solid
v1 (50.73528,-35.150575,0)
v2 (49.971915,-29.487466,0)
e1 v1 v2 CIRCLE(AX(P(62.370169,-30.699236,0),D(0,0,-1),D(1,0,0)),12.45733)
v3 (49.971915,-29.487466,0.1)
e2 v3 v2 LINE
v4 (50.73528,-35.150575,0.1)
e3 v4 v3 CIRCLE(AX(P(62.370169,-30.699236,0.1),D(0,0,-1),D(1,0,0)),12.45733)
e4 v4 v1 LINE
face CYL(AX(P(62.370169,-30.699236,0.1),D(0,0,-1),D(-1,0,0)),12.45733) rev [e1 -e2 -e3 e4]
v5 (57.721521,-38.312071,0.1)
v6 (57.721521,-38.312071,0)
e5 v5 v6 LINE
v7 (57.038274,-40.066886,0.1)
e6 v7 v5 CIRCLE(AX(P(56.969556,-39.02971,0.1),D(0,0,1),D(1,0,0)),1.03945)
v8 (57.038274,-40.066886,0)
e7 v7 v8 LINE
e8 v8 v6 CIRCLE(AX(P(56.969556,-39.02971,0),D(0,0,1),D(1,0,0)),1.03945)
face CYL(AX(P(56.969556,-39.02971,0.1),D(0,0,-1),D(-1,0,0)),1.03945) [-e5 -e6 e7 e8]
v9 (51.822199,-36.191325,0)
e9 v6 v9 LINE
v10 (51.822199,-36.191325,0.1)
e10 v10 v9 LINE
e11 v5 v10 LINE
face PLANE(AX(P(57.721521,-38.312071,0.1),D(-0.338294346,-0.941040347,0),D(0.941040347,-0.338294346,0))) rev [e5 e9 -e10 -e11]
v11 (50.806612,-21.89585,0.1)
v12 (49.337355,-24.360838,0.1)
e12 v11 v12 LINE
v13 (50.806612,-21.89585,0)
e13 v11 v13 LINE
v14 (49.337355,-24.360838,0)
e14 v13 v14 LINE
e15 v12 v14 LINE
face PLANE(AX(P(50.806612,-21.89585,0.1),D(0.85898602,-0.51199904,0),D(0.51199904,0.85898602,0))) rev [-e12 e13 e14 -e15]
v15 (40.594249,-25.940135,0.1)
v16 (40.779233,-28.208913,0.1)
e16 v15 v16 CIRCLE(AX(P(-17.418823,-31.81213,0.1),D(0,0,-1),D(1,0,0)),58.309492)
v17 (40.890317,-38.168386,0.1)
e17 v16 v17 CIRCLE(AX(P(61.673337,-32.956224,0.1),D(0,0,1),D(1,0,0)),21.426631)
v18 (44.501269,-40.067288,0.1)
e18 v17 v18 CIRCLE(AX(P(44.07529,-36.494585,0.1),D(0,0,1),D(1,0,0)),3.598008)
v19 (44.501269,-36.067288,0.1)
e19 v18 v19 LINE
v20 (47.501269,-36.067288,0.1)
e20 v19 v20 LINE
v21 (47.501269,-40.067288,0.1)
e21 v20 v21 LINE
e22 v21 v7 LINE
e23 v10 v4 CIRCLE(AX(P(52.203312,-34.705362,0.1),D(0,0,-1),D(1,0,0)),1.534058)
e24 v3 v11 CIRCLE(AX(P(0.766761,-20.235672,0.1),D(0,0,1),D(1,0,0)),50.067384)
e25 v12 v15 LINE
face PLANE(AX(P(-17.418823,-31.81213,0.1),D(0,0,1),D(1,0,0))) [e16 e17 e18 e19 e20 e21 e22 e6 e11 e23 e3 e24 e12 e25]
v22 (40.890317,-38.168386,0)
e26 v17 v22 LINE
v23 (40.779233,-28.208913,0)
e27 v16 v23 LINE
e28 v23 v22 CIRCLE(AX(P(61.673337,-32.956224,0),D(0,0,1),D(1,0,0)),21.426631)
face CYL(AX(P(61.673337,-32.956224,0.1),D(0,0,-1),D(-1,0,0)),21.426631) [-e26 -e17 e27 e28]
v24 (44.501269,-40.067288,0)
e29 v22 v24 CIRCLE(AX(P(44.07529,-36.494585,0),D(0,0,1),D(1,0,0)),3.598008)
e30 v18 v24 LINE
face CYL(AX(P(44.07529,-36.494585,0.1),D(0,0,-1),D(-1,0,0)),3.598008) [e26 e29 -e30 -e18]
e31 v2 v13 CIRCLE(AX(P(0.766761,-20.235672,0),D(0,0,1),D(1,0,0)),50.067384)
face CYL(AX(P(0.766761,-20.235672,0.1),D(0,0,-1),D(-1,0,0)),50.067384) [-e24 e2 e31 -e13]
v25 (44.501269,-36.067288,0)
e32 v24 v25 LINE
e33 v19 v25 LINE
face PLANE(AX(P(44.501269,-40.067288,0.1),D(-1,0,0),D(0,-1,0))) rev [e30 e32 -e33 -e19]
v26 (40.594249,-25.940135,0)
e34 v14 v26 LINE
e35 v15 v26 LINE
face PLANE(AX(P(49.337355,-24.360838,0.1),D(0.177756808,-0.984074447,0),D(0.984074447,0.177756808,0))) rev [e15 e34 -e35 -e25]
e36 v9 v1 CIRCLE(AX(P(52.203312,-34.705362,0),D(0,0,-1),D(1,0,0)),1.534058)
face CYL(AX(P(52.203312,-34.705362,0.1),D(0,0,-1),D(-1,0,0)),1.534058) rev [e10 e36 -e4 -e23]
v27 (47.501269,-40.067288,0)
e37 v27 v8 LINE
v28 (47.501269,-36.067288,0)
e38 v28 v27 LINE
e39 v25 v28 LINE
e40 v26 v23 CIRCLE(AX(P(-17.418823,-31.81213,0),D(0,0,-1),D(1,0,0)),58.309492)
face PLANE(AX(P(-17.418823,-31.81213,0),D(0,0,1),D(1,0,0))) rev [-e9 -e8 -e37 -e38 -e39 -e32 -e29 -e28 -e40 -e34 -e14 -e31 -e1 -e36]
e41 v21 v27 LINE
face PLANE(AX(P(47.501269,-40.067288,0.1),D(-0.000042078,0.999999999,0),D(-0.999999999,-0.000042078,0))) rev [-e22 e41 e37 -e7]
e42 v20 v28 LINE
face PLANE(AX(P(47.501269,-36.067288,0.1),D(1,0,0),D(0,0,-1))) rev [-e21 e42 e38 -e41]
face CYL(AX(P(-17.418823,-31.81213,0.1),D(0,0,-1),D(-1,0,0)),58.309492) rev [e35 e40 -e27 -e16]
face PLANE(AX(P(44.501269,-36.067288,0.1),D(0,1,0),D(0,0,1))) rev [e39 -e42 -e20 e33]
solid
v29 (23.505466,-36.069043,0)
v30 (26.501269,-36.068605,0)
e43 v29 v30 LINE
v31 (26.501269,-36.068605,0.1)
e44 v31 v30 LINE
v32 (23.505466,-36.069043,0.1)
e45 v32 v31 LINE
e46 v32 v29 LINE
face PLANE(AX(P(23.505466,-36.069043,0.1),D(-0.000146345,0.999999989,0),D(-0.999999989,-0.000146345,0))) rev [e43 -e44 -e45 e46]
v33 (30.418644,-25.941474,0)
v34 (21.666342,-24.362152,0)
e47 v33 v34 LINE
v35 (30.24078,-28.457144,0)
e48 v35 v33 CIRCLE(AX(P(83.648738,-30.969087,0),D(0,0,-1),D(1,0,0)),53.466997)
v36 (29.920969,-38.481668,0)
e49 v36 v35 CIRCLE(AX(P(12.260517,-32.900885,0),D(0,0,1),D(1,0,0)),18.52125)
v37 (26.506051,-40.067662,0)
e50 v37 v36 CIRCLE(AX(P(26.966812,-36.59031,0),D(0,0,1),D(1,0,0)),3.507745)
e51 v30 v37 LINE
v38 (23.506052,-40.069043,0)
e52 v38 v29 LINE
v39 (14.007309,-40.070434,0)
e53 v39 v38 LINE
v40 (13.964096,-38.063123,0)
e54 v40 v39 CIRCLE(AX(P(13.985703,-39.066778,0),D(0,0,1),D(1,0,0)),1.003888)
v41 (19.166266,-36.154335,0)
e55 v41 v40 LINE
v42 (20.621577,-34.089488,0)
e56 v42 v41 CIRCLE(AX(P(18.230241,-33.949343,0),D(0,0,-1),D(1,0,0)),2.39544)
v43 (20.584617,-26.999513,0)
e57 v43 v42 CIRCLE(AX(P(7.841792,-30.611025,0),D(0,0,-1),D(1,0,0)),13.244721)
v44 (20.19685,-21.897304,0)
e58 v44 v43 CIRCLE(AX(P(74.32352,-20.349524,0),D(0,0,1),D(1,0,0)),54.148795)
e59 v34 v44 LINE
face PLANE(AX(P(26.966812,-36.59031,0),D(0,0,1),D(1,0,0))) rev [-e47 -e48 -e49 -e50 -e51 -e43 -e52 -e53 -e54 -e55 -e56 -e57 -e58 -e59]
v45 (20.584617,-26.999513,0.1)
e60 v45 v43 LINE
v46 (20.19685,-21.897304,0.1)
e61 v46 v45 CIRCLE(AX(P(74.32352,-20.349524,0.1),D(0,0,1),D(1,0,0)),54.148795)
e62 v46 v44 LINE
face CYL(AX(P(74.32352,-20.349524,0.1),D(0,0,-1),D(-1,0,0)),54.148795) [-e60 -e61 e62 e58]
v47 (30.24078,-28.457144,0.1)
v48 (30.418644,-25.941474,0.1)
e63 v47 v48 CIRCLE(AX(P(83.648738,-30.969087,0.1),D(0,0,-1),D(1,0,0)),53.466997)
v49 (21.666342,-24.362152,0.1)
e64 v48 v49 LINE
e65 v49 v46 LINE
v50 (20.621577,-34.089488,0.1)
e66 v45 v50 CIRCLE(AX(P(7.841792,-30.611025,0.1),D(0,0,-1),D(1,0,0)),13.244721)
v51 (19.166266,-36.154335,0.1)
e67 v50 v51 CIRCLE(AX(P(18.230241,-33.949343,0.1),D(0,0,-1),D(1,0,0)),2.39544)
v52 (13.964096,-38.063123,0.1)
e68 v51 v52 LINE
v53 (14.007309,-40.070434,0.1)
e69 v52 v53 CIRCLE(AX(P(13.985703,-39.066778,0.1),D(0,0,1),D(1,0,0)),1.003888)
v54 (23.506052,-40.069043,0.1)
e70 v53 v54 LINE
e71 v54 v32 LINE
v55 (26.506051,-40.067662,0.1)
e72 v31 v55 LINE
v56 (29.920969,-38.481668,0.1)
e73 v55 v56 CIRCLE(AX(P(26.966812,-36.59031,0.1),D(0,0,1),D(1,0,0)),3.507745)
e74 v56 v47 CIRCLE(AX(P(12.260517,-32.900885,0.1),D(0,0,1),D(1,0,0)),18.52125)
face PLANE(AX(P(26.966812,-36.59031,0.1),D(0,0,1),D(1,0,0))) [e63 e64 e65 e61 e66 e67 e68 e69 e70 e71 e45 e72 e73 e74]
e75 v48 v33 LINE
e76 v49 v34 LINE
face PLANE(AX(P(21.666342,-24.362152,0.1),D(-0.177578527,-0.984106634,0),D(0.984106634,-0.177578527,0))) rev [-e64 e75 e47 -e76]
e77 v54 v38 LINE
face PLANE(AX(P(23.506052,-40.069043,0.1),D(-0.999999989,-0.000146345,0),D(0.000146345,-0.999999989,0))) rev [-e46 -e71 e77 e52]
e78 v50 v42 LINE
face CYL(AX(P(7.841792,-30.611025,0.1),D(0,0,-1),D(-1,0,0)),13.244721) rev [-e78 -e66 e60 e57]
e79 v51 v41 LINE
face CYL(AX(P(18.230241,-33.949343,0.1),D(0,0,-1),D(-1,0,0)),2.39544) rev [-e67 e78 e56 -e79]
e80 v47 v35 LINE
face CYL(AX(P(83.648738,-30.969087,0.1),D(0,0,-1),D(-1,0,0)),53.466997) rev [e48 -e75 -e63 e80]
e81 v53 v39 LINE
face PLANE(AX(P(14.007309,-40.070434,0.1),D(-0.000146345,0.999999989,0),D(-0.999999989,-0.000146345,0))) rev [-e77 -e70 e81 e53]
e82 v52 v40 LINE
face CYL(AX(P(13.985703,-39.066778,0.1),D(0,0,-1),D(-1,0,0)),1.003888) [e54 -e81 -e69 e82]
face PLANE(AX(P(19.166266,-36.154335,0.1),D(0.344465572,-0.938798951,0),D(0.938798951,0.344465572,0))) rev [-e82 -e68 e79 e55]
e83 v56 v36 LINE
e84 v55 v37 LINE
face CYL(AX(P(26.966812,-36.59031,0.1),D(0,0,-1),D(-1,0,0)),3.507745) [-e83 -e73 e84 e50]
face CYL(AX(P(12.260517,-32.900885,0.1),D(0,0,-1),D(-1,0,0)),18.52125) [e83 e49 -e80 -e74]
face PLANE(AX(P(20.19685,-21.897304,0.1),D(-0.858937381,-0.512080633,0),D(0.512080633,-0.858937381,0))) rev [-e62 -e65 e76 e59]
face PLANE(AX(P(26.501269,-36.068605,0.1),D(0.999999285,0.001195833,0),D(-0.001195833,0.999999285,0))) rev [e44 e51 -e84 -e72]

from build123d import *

# Parameters (mm, degrees)
SALIENTE_EXTRUIR1_DEPTH   = 0.1
SALIENTE_EXTRUIR1_2_DEPTH = 0.1


with BuildPart() as part:
    # Model → Saliente-Extruir1 (new body)
    with BuildSketch(Plane.XY):
        with BuildLine():
            Line((26.501269255, -36.068605041), (26.506051465, -40.067662259))
            ThreePointArc((26.506051465, -40.067662259), (28.444344017, -39.771690142), (29.920969094, -38.481668478))
            ThreePointArc((29.920969094, -38.481668478), (30.772348929, -33.491466373), (30.240780395, -28.457144218))
            ThreePointArc((30.240780395, -28.457144218), (30.31487768, -27.198260074), (30.418644104, -25.941473607))
            Line((30.418644104, -25.941473607), (21.66634164, -24.362151891))
            Line((21.66634164, -24.362151891), (20.196850226, -21.897303534))
            ThreePointArc((20.196850226, -21.897303534), (20.330431924, -24.452991033), (20.584617406, -26.999512662))
            ThreePointArc((20.584617406, -26.999512662), (21.086332443, -30.541981177), (20.621577326, -34.089487885))
            ThreePointArc((20.621577326, -34.089487885), (20.188232636, -35.329342735), (19.166265945, -36.154334707))
            Line((19.166265945, -36.154334707), (13.964095848, -38.063123051))
            ThreePointArc((13.964095848, -38.063123051), (12.982047294, -39.088384952), (14.007309194, -40.070433507))
            Line((14.007309194, -40.070433507), (23.506051635, -40.069043418))
            Line((23.506051635, -40.069043418), (23.505466257, -36.06904346))
            Line((23.505466257, -36.06904346), (26.501269255, -36.068605041))
        make_face()
    extrude(amount=SALIENTE_EXTRUIR1_DEPTH)


with BuildPart() as body_2:
    # Model → Saliente-Extruir1 2 (new body)
    with BuildSketch(Plane.XY):
        with BuildLine():
            Line((57.721521483, -38.312071296), (51.822198996, -36.191325411))
            ThreePointArc((51.822198996, -36.191325411), (51.142357203, -35.813382317), (50.735279518, -35.15057495))
            ThreePointArc((50.735279518, -35.15057495), (50.024494027, -32.363382375), (49.971915497, -29.48746618))
            ThreePointArc((49.971915497, -29.48746618), (50.534229917, -25.707596933), (50.80661247, -21.895849724))
            Line((50.80661247, -21.895849724), (49.337355198, -24.360837656))
            Line((49.337355198, -24.360837656), (40.594249402, -25.940135422))
            ThreePointArc((40.594249402, -25.940135422), (40.697813422, -27.073621681), (40.779232989, -28.208913477))
            ThreePointArc((40.779232989, -28.208913477), (40.248038009, -33.195193817), (40.890317085, -38.168385683))
            ThreePointArc((40.890317085, -38.168385683), (42.400635208, -39.679109073), (44.501269255, -40.067287633))
            Line((44.501269255, -40.067287633), (44.501269255, -36.067287633))
            Line((44.501269255, -36.067287633), (47.501269255, -36.067287633))
            Line((47.501269255, -36.067287633), (47.501269255, -40.067287633))
            Line((47.501269255, -40.067287633), (57.03827443, -40.066886334))
            ThreePointArc((57.03827443, -40.066886334), (57.938175953, -39.406847476), (57.721521483, -38.312071296))
        make_face()
    extrude(amount=SALIENTE_EXTRUIR1_2_DEPTH)


solid = Compound([part.part, body_2.part])
